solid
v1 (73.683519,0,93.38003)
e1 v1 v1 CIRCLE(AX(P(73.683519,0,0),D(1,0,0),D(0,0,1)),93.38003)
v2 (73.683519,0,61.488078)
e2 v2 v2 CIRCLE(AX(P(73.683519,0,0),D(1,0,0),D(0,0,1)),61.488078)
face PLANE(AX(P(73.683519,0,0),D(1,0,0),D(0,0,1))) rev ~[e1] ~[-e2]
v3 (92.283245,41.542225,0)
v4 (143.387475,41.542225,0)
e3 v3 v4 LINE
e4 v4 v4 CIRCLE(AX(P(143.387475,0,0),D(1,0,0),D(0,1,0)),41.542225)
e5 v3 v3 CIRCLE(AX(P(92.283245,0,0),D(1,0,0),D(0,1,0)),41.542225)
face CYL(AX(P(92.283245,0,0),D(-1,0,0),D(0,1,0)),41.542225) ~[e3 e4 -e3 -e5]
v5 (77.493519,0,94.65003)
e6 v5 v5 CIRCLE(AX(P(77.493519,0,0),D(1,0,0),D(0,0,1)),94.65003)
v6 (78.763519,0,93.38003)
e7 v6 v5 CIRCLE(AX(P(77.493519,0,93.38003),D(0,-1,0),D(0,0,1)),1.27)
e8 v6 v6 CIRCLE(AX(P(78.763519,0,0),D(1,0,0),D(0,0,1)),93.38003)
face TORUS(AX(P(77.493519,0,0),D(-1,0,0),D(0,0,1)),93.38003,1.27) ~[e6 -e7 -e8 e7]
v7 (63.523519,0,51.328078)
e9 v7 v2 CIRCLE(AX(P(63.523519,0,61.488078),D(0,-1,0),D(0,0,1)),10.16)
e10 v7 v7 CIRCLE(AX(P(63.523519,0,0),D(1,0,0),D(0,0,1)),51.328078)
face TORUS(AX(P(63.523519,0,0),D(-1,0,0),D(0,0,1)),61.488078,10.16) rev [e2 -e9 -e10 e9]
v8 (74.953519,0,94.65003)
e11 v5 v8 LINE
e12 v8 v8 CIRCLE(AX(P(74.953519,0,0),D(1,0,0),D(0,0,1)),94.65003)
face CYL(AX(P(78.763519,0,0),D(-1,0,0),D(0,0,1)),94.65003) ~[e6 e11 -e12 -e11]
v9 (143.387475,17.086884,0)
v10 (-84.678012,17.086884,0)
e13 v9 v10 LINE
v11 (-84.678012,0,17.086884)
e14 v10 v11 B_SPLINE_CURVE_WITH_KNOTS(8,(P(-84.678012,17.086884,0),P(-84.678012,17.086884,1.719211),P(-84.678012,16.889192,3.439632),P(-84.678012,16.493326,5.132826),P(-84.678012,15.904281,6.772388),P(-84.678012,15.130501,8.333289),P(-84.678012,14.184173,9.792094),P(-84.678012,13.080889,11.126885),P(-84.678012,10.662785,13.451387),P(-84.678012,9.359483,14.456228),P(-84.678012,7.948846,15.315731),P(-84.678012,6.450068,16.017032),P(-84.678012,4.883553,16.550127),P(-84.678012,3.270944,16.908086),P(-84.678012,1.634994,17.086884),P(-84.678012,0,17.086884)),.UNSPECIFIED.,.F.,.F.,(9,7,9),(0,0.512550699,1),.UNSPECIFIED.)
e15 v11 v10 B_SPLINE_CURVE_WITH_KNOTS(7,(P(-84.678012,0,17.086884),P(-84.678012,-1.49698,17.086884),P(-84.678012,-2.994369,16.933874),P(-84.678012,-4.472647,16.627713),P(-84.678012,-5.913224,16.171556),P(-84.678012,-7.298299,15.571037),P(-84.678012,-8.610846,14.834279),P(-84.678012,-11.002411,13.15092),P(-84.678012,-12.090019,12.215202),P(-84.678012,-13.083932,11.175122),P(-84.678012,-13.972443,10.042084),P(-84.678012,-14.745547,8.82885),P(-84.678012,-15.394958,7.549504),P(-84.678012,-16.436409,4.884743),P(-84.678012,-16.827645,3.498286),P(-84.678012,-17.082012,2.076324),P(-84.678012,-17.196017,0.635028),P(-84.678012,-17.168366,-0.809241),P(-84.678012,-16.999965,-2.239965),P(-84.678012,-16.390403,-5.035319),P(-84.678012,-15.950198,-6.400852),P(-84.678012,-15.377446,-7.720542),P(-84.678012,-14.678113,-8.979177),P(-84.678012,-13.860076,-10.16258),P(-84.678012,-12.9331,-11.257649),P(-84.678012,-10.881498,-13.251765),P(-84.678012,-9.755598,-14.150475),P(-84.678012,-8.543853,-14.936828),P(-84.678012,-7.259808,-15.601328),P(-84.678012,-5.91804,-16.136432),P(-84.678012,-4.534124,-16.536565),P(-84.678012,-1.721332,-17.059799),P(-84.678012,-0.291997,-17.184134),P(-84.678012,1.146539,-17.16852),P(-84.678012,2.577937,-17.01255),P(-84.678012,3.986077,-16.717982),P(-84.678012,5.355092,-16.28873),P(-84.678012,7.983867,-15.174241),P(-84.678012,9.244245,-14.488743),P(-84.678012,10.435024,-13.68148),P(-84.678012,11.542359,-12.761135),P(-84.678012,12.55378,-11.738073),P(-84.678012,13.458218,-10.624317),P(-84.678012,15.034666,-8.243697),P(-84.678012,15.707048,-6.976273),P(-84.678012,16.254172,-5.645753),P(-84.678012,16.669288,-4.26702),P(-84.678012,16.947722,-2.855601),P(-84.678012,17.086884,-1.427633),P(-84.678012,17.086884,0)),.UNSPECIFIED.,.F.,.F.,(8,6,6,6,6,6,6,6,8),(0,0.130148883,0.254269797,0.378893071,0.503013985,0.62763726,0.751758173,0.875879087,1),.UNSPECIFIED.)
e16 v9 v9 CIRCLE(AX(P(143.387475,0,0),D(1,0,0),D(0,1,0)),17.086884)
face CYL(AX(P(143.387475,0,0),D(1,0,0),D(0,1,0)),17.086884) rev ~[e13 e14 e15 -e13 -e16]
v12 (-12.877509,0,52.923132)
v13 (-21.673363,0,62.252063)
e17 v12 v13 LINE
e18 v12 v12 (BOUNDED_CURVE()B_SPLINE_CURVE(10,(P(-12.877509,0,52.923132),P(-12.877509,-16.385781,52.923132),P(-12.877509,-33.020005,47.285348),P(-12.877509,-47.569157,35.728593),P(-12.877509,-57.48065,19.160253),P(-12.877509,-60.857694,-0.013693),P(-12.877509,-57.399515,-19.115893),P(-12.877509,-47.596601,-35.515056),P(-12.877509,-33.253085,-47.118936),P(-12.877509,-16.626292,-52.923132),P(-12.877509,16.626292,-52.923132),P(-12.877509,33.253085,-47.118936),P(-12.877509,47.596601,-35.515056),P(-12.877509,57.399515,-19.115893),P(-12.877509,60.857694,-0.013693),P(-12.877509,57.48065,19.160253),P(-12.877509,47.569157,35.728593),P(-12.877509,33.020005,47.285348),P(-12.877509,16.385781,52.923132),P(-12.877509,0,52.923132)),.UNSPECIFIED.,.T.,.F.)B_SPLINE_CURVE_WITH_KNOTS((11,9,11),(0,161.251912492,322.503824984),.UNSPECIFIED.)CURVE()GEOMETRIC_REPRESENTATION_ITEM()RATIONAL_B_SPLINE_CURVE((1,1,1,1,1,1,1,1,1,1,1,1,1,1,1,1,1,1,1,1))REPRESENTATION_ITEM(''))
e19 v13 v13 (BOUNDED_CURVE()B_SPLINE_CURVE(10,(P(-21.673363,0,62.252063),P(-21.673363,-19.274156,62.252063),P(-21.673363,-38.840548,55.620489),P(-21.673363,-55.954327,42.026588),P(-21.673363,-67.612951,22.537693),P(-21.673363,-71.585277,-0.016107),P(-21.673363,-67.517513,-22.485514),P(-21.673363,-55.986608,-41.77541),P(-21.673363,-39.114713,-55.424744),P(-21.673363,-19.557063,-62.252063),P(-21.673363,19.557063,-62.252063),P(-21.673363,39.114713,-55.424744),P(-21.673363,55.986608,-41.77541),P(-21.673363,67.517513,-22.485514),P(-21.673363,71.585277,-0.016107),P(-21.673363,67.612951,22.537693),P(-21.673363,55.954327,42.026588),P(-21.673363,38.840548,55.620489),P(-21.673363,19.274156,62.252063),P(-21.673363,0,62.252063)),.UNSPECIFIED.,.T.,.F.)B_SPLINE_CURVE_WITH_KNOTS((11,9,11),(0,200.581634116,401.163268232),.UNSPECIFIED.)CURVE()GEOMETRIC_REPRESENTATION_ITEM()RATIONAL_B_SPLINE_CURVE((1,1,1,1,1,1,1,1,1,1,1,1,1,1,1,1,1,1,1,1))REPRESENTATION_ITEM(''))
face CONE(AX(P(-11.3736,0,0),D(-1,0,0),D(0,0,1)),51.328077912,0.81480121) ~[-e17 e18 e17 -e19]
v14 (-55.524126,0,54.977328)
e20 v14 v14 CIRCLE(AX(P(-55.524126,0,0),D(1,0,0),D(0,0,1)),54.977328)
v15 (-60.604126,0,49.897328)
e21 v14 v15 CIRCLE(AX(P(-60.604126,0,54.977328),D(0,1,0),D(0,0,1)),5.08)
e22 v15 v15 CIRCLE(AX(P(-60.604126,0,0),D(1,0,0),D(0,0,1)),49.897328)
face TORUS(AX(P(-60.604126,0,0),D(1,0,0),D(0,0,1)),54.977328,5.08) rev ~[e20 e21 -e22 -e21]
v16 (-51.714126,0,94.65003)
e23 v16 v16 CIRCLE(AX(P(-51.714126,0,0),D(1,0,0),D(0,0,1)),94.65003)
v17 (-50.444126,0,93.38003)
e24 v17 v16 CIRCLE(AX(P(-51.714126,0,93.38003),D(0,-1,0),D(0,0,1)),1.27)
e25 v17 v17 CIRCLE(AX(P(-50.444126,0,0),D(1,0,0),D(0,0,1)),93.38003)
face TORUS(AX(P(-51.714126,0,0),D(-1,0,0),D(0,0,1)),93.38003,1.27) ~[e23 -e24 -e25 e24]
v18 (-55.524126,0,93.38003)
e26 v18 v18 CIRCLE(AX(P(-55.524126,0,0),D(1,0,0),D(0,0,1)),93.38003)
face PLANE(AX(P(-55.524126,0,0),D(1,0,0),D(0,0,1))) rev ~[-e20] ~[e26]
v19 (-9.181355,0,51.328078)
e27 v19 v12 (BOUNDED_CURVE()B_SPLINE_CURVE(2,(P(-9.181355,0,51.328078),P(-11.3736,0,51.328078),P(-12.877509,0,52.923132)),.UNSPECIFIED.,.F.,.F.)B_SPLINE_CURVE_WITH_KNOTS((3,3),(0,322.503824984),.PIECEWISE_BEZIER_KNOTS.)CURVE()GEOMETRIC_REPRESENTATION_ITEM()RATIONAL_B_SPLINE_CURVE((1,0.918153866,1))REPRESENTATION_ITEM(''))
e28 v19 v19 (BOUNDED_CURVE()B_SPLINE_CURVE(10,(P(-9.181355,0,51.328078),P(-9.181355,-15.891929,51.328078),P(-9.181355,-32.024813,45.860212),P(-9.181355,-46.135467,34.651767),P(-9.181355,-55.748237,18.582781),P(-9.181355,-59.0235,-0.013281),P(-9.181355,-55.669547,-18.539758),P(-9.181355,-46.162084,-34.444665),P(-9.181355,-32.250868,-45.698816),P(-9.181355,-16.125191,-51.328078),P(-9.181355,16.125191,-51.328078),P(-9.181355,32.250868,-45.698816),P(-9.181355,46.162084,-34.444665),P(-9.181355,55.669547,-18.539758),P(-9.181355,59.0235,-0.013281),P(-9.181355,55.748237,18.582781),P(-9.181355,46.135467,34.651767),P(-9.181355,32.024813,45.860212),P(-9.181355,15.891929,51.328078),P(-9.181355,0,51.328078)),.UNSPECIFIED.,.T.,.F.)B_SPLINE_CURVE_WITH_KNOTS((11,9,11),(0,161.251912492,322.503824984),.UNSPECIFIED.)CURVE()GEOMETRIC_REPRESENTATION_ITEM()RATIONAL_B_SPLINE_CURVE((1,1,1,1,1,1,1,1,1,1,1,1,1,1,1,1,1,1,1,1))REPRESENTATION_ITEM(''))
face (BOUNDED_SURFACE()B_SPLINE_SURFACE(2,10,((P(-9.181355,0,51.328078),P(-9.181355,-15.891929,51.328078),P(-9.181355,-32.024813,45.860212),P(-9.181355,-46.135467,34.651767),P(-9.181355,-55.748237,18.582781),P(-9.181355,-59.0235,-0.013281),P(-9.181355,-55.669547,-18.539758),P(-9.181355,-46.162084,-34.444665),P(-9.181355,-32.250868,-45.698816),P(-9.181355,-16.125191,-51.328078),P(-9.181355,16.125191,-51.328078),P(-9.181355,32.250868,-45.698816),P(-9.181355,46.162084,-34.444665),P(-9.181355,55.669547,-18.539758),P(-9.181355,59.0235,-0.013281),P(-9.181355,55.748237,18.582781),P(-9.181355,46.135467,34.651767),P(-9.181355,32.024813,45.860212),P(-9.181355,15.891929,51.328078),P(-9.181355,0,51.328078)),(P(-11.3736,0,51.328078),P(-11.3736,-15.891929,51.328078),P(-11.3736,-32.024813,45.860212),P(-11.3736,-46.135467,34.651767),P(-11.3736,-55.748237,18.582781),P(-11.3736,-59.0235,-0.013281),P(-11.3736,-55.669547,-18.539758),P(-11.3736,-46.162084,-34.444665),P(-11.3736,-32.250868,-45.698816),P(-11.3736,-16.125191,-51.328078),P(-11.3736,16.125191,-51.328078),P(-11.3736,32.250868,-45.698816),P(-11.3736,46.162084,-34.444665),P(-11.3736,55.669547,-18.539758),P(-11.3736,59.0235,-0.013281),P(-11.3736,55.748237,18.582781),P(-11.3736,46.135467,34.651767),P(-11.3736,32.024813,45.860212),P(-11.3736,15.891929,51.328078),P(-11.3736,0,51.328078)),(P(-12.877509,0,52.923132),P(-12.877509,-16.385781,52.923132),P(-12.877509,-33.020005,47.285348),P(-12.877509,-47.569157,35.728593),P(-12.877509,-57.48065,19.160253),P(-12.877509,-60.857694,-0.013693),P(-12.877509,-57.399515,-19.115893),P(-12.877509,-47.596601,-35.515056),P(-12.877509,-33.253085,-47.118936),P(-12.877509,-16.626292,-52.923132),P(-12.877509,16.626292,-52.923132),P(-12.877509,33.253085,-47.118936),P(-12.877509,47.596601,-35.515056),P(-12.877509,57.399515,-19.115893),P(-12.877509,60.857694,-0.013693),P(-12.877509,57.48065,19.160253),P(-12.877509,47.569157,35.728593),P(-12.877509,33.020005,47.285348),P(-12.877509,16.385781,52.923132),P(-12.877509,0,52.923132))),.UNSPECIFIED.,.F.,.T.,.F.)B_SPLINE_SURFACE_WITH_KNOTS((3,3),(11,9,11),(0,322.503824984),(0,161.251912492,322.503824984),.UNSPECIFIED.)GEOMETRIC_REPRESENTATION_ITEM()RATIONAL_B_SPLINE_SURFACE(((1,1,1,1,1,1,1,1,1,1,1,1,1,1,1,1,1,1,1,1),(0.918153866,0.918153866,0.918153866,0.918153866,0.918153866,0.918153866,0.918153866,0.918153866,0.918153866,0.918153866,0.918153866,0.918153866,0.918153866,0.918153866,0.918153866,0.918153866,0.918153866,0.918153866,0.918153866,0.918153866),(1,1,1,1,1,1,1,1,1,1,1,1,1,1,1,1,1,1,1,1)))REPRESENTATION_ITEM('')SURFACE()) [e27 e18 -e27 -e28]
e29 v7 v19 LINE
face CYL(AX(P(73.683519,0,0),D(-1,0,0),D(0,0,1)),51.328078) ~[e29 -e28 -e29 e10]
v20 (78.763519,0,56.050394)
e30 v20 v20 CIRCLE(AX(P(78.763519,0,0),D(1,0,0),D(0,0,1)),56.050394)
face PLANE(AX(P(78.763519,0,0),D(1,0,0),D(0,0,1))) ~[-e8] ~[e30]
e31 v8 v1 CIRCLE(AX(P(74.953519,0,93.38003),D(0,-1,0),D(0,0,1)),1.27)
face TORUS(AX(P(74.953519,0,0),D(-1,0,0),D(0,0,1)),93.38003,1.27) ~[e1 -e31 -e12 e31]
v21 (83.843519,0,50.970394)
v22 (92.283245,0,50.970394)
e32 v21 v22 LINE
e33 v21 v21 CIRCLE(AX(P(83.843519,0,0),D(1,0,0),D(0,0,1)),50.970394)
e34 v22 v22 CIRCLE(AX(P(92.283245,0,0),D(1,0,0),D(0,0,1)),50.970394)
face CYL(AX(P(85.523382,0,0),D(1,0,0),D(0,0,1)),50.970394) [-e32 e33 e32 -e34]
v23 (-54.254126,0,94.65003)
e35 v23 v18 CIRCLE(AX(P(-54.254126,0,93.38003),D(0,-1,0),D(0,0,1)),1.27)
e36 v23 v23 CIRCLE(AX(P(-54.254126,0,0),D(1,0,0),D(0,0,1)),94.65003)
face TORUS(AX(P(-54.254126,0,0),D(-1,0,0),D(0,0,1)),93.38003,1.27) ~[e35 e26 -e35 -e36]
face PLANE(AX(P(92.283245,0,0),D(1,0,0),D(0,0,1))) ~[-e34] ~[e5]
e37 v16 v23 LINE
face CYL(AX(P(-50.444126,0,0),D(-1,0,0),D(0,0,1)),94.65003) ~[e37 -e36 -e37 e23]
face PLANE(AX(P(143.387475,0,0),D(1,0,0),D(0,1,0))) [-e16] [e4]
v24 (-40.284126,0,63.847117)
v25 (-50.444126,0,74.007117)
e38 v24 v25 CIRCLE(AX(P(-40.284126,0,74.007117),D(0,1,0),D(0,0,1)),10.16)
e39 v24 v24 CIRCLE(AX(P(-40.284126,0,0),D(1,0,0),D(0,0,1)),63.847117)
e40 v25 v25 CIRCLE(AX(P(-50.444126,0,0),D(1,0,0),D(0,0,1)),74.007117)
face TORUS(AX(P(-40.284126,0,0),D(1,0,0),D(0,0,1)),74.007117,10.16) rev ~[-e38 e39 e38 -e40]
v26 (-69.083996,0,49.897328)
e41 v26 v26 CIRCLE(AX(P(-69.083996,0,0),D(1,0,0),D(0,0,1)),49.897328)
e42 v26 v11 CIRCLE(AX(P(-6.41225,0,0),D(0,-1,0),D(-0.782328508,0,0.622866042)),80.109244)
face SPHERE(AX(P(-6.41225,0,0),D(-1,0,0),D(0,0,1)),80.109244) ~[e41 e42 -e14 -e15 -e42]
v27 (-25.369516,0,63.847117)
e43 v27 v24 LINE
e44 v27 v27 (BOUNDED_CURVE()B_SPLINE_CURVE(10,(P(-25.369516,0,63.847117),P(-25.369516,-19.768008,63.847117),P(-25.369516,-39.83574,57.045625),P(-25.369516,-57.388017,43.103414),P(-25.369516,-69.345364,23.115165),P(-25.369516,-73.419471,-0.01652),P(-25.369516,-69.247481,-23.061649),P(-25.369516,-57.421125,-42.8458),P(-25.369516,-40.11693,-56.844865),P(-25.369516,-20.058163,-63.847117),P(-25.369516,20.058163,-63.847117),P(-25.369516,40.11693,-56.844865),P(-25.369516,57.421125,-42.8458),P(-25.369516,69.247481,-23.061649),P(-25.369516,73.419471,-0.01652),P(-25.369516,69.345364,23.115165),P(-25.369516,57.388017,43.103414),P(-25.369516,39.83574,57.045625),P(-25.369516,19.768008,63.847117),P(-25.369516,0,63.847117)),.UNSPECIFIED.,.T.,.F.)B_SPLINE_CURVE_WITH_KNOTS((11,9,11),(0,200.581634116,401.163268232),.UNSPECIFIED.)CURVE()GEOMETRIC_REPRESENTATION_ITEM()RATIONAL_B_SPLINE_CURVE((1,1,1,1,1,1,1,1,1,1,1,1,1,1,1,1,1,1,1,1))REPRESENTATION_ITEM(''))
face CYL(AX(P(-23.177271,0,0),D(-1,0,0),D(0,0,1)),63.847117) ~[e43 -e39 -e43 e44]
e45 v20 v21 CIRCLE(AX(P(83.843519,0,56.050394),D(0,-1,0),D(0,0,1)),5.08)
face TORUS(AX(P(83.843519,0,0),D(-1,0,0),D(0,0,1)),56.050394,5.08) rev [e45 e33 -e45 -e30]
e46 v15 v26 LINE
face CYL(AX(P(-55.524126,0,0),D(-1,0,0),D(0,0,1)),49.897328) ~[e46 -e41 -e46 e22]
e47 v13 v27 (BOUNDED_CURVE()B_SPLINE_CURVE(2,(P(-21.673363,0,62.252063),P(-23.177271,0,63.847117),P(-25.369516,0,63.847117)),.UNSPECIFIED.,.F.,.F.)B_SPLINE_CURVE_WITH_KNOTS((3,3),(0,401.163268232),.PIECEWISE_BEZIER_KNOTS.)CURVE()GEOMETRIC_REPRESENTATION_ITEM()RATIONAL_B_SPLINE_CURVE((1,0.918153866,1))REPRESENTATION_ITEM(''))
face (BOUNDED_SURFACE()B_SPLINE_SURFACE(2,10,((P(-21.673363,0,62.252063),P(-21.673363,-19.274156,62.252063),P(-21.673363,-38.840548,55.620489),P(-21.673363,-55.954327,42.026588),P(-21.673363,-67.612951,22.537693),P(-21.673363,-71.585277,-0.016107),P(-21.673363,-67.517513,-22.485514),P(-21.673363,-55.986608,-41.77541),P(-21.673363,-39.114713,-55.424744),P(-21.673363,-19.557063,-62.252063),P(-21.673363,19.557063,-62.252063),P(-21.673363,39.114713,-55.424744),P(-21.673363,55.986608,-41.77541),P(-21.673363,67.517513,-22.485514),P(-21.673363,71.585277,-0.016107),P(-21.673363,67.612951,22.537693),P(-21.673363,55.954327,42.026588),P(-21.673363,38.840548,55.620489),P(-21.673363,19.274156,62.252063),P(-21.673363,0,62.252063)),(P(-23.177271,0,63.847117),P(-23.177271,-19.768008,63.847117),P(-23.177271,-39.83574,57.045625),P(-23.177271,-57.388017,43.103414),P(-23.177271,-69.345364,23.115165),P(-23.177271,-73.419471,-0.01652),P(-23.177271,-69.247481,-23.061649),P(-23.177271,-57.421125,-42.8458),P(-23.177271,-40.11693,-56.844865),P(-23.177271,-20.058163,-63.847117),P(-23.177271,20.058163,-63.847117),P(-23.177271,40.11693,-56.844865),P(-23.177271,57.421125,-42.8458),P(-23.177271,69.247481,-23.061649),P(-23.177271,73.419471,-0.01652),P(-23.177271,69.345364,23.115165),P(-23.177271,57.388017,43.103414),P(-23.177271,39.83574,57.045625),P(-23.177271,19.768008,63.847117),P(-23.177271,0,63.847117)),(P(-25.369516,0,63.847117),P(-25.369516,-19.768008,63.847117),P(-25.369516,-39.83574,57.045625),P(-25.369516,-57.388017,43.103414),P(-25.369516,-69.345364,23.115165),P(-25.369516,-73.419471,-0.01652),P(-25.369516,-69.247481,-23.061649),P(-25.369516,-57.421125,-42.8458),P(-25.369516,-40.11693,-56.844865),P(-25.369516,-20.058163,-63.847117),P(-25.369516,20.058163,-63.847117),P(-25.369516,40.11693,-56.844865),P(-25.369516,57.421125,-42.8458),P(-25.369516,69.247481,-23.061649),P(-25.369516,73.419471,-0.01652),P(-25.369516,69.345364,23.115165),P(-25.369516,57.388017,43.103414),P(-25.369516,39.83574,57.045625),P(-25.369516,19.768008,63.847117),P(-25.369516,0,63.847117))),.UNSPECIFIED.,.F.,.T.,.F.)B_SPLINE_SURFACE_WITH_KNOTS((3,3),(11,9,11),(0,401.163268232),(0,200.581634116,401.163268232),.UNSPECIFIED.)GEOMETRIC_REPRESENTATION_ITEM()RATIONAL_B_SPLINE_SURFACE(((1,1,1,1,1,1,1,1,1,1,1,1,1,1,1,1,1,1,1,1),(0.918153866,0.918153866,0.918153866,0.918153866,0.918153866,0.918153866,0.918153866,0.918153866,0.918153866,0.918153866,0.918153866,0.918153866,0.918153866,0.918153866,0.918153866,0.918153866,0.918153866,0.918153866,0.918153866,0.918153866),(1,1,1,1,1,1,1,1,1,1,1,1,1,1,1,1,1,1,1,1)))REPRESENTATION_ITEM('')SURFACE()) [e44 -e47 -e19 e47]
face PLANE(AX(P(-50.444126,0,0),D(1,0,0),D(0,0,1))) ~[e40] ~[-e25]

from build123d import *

# Parameters (mm, degrees)
F0_W      = 7.7864676714
F0_H      = 49.8973280191
F0_W_2    = 5.7734027505
F0_W_3    = 13.5197262597
F0_H_2    = 50.9703941643
F2_R      = 5.08
F3_R      = 10.16
F5_R      = 5.08
F6_R      = 1.27
F7_R      = 41.5422246949
F8_DEPTH  = 51.10423
F9_R      = 17.0868837878
F10_DEPTH = 229.9099700901


with BuildPart() as f1:
    # F0 (on Front) → F1 (revolve)
    with BuildSketch(Plane.XZ):
        with Locations((-59.4173595309, 24.9486640096)):
            Rectangle(F0_W, F0_H)
        with Locations((-66.1972947419, 24.9486640096)):
            Rectangle(F0_W_2, F0_H)
        Polygon((-55.5241256952, 49.8973280191), (-55.5241256952, 0), (-50.4441256952, 0), (-50.4441256952, 63.847117126), (-50.4441256952, 94.6500301361), (-55.5241256952, 94.6500301361), align=None)
        with BuildLine():
            Line((-86.5214949141, 0), (-69.0839961171, 0))
            Line((-69.0839961171, 0), (-69.0839961171, 49.8973280191))
            ThreePointArc((-69.0839961171, 49.8973280191), (-82.0365760445, 26.4282505463), (-86.5214949141, 0))
        make_face()
        Polygon((-50.4441256952, 63.847117126), (-50.4441256952, 0), (73.6835189164, 0), (73.6835189164, 51.3280779123), (-11.3736000229, 51.3280779123), (-23.1772712749, 63.847117126), align=None)
        Polygon((73.6835189164, 51.3280779123), (73.6835189164, 0), (78.7635189164, 0), (78.7635189164, 50.9703941643), (78.7635189164, 94.6500301361), (73.6835189164, 94.6500301361), align=None)
        with Locations((85.5233820462, 25.4851970822)):
            Rectangle(F0_W_3, F0_H_2)
    revolve(axis=Axis((1.4307498932, 0, 0), (1, 0, 0)))

    # F2
    f2_edges = [f1.edges().sort_by_distance(p)[0] for p in [
        (-11.3736, 0, -51.328078),
        (-23.177271, 0, -63.847117),
    ]]
    fillet(f2_edges, radius=F2_R)

    # F3
    f3_edges = [f1.edges().sort_by_distance(p)[0] for p in [
        (-50.444126, 0, -63.847117),
        (73.683519, 0, -51.328078),
    ]]
    fillet(f3_edges, radius=F3_R)

    # F5
    f5_edges = [f1.edges().sort_by_distance(p)[0] for p in [
        (-55.524126, 0, -49.897328),
        (78.763519, 0, -50.970394),
    ]]
    fillet(f5_edges, radius=F5_R)

    # F6
    f6_edges = [f1.edges().sort_by_distance(p)[0] for p in [
        (-50.444126, 0, -94.65003),
        (-55.524126, 0, -94.65003),
        (78.763519, 0, -94.65003),
        (73.683519, 0, -94.65003),
    ]]
    fillet(f6_edges, radius=F6_R)

    # F7 (on face) → F8 (join)
    with BuildSketch(Plane.YZ.offset(92.2832451761)):
        Circle(F7_R)
    extrude(amount=F8_DEPTH)

    # F9 (on face) → F10 (cut, through all)
    with BuildSketch(Plane.YZ.offset(143.3874751761)):
        Circle(F9_R)
    extrude(amount=-F10_DEPTH, mode=Mode.SUBTRACT)


solid = f1.part
